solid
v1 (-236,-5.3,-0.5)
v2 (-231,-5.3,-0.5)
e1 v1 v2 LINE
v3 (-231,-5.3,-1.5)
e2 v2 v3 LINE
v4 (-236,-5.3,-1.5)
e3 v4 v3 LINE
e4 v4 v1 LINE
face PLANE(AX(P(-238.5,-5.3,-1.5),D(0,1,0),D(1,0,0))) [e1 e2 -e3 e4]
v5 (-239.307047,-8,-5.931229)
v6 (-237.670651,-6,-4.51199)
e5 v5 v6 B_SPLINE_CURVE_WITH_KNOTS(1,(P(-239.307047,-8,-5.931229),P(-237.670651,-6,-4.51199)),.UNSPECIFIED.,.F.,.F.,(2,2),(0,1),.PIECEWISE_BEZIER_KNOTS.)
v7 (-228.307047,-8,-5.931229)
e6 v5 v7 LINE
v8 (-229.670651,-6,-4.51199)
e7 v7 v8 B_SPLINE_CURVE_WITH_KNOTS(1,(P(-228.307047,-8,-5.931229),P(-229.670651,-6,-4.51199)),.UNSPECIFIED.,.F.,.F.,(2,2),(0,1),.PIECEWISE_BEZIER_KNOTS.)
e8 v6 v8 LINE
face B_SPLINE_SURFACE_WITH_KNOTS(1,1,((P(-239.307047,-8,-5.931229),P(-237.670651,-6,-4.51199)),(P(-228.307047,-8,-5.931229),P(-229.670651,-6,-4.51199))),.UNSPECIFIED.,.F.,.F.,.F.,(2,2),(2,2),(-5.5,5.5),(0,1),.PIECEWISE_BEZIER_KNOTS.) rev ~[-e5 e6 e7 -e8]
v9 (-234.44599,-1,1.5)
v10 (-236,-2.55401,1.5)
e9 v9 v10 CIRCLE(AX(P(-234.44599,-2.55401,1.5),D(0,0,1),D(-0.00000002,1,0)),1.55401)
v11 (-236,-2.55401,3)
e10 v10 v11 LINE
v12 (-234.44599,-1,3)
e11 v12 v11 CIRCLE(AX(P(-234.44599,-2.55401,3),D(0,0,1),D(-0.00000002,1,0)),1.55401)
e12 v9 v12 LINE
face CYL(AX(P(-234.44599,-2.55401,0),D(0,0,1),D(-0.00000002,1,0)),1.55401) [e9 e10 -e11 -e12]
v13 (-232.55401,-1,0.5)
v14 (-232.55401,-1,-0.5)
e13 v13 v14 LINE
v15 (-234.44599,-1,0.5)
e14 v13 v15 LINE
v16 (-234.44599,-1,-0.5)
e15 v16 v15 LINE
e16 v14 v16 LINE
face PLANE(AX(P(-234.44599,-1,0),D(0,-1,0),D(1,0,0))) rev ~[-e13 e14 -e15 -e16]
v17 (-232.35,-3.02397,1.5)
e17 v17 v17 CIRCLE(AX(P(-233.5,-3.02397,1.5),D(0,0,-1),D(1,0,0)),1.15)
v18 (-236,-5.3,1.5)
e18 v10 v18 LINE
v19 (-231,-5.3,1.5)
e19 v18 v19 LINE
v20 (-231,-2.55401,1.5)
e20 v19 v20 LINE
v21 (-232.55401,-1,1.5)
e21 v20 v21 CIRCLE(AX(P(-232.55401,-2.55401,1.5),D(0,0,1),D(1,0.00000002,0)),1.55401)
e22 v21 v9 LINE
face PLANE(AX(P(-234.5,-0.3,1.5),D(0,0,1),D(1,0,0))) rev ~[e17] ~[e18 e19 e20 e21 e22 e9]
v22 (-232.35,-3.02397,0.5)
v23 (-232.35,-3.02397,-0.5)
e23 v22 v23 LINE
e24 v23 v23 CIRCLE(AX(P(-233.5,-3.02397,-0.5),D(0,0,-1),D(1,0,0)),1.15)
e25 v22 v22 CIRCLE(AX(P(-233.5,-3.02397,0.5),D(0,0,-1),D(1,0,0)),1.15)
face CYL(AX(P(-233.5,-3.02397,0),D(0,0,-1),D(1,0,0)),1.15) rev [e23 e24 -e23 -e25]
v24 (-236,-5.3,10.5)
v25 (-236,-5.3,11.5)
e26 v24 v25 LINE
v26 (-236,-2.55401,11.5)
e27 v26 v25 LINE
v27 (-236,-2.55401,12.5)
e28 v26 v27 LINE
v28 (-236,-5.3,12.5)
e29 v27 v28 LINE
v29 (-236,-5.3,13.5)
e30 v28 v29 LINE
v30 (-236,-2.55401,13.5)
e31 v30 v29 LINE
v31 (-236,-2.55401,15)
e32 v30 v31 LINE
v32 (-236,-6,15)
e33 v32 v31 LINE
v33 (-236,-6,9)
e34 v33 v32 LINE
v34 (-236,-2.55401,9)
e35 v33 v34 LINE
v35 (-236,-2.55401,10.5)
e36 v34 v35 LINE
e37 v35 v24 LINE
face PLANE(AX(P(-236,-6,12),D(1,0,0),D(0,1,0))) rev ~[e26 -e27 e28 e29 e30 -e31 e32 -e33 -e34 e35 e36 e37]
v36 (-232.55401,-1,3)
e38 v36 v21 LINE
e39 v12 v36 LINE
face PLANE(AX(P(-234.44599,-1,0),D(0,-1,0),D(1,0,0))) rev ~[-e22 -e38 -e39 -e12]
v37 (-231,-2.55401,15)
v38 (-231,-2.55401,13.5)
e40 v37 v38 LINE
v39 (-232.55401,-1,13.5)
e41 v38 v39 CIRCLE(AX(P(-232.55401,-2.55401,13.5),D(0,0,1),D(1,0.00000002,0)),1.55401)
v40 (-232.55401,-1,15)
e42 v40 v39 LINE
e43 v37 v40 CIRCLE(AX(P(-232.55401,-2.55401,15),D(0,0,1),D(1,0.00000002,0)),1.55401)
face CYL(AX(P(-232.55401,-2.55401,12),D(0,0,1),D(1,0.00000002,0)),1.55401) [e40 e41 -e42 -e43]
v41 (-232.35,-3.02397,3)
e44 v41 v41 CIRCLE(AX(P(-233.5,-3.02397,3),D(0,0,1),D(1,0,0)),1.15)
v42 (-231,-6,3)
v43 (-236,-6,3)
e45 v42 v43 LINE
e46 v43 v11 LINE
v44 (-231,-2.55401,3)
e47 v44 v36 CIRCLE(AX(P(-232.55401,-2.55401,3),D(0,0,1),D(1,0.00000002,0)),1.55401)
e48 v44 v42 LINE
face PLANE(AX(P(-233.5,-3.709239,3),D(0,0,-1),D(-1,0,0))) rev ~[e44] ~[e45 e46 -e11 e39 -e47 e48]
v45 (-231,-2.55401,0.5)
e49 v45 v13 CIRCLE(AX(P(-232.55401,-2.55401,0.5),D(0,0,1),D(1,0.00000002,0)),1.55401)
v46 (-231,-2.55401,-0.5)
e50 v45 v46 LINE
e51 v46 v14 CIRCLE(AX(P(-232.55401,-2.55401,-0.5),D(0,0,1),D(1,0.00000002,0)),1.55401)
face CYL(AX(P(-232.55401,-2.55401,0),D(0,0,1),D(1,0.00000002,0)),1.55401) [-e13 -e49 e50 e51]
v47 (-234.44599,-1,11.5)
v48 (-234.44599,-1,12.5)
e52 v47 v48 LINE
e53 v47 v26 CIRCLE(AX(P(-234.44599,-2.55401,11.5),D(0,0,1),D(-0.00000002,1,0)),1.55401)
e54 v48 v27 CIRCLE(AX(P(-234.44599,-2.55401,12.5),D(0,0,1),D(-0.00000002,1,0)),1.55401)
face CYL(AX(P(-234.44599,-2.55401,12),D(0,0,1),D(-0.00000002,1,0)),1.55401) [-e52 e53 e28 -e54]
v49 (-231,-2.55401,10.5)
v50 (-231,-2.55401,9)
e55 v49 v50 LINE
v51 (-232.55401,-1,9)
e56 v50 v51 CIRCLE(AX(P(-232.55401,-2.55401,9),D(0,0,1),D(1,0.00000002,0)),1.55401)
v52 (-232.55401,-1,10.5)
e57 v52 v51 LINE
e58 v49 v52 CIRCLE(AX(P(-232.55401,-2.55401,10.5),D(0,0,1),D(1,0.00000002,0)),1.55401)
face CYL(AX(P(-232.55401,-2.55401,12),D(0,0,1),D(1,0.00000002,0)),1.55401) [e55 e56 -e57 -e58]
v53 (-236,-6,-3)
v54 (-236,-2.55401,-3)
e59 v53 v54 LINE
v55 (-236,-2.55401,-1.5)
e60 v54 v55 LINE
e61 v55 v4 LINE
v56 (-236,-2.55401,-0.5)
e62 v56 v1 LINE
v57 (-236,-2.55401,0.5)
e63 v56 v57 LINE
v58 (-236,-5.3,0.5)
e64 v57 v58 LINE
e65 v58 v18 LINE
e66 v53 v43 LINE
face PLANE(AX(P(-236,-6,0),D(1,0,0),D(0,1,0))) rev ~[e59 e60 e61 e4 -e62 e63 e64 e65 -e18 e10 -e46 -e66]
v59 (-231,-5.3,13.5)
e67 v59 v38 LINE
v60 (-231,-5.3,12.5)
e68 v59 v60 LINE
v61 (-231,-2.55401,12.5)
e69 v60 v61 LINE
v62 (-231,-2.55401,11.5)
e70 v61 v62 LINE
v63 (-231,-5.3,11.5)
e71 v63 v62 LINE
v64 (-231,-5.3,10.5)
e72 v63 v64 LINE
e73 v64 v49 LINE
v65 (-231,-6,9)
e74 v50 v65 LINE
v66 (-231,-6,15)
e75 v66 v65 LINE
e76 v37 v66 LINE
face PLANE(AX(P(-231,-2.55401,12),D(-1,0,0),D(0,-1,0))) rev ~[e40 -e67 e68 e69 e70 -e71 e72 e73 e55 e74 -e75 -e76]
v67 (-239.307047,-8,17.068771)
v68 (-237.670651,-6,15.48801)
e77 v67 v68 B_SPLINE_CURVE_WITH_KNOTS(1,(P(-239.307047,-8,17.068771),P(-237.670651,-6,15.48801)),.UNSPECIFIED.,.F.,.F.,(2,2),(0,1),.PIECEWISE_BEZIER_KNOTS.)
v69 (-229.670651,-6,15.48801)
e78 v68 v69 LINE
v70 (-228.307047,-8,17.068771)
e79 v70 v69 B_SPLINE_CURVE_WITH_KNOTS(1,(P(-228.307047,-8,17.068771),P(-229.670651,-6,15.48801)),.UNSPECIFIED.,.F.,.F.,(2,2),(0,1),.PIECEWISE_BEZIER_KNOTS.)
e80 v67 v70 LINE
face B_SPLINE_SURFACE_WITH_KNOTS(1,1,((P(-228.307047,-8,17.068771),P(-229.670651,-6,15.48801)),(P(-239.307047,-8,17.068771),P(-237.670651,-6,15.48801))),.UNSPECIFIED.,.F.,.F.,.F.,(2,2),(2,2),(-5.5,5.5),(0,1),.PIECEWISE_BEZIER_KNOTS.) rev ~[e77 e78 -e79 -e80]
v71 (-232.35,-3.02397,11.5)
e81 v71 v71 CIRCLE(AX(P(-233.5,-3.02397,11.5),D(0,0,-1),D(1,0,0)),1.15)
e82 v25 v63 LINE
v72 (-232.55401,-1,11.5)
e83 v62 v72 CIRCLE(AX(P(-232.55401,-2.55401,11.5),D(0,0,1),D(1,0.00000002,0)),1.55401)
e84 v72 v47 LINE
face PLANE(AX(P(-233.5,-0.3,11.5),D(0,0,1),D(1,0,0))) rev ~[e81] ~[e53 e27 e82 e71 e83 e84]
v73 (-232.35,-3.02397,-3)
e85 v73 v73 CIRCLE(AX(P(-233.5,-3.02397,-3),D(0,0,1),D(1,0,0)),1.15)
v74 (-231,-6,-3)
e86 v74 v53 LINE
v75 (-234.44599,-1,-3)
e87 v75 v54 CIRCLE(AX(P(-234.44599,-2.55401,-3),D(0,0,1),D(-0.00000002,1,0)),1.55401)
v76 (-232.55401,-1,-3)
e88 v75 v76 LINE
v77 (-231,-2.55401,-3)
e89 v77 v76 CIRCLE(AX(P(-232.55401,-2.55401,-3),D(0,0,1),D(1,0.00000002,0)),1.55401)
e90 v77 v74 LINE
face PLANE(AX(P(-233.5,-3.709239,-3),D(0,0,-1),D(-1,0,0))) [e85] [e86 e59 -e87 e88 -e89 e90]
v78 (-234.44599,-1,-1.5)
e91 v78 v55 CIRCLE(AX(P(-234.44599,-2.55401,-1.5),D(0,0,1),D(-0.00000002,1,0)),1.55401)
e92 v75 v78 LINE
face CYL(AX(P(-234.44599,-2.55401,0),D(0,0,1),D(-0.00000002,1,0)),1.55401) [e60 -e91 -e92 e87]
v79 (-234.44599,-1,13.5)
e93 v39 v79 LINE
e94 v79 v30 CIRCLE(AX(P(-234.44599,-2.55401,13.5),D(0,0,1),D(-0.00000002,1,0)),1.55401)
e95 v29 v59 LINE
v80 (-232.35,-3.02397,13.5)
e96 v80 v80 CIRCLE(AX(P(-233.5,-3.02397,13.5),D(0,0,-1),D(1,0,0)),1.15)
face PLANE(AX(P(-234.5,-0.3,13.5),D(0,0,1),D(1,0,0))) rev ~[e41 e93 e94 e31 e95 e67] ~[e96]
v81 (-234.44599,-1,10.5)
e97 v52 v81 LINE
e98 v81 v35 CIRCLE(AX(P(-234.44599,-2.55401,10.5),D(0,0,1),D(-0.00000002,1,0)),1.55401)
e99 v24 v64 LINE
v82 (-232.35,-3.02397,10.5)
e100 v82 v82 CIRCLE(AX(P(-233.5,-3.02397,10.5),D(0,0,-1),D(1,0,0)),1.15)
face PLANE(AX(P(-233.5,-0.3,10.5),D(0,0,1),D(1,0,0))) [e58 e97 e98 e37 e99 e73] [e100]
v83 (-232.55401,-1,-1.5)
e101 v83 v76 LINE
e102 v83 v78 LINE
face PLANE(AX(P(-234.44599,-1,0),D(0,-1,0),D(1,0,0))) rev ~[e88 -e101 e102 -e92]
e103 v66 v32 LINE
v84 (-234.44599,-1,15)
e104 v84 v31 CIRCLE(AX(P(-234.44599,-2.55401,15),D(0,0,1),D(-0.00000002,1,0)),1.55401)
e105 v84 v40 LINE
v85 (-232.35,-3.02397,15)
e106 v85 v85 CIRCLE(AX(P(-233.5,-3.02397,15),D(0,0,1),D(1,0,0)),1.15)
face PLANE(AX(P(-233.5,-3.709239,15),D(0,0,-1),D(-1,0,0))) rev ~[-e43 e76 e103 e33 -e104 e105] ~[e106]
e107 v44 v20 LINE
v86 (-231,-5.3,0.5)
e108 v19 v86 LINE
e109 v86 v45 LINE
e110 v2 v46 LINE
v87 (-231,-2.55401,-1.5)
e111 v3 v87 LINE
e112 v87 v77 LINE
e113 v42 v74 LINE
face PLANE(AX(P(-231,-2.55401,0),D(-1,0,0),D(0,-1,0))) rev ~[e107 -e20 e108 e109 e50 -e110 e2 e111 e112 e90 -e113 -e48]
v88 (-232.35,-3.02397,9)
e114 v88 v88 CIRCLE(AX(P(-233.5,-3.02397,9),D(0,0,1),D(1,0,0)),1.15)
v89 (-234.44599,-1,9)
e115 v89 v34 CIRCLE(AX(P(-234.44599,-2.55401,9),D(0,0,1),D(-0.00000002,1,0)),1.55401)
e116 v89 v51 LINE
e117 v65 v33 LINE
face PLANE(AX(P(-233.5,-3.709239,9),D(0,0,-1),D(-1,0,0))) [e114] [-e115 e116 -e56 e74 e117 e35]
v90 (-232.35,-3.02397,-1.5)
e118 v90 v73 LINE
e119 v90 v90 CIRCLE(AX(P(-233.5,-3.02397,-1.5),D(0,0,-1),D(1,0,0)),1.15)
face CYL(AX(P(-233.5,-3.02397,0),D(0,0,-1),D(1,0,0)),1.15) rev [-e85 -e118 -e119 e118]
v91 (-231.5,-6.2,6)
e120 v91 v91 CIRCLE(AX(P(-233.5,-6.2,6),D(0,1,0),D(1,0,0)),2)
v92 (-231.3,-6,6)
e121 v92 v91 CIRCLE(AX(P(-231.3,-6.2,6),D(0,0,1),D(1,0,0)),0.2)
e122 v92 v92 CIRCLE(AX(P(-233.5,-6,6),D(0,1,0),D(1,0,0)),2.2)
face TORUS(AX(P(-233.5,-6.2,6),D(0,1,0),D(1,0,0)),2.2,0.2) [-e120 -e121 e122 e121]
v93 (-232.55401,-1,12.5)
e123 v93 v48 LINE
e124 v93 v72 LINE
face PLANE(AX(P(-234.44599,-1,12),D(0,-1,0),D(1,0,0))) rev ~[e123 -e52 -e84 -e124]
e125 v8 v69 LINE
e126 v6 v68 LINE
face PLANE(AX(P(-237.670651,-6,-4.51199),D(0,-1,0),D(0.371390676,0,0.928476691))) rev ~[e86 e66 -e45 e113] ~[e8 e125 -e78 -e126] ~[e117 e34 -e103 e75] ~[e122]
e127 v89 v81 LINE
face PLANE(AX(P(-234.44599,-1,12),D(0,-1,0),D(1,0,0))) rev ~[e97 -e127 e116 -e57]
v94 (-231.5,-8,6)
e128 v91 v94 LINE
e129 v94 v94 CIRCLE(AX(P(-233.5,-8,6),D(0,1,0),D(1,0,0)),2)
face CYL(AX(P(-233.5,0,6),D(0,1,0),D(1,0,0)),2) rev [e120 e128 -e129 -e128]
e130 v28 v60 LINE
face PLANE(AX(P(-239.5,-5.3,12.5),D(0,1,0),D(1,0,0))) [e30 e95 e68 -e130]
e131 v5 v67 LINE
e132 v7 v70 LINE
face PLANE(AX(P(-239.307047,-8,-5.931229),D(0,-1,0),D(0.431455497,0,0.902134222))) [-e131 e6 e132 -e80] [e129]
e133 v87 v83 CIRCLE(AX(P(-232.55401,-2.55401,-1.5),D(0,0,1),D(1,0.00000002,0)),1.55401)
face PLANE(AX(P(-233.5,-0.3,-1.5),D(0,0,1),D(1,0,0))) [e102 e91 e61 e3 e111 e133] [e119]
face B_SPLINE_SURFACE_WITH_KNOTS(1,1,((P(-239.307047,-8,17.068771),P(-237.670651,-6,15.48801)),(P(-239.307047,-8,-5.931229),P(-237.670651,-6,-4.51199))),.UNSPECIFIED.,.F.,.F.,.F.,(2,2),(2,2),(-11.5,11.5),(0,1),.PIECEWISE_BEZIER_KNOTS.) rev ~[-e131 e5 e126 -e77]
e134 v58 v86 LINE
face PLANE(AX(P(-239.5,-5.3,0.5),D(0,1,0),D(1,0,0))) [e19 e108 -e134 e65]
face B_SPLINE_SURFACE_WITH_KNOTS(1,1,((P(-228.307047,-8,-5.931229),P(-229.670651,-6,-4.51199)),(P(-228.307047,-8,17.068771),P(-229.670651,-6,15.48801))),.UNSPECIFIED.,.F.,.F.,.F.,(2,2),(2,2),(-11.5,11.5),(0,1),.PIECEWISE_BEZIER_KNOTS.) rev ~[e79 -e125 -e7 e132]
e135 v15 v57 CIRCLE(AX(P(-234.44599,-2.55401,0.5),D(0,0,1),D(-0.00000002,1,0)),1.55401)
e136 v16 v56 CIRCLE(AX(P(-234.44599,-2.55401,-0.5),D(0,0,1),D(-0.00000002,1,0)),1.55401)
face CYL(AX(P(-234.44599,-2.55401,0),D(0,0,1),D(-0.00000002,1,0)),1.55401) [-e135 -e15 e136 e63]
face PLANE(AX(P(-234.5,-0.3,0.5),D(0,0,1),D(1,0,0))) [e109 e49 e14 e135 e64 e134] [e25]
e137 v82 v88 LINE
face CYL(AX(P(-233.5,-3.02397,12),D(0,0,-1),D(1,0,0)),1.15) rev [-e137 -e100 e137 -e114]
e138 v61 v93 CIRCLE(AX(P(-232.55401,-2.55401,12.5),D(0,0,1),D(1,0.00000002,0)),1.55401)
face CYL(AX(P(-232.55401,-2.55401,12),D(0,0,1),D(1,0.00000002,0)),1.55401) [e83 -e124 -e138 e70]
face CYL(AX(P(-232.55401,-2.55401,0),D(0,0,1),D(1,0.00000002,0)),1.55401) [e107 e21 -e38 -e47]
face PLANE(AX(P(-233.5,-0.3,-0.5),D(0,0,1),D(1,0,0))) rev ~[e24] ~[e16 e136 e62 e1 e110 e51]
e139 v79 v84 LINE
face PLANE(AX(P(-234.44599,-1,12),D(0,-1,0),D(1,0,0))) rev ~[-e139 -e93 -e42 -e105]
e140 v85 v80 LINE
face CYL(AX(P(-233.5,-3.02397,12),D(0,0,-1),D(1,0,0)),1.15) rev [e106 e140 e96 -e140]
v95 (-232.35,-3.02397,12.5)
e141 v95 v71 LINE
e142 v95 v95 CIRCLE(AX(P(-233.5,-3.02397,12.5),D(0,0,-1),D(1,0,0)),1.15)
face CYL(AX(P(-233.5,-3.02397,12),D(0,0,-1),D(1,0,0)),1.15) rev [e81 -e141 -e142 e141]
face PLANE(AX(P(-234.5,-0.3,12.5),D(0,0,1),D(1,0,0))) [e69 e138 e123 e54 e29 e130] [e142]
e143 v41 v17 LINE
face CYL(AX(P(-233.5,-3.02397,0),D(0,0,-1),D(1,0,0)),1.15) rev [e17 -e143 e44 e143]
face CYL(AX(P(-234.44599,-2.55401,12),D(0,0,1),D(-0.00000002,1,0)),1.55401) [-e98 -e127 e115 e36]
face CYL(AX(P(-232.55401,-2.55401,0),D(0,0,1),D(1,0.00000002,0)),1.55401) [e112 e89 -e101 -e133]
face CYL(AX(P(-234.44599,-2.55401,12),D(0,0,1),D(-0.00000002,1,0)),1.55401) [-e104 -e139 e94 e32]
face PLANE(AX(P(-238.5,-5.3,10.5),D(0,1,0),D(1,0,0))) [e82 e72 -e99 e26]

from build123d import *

# Parameters (mm, degrees)
CYLINDER_R          = 2
CYLINDER_DEPTH      = 10
CYLINDER_ROLL_ANGLE = 90
BOX004_W            = 10
BOX004_H            = 10
BOX004_DEPTH        = 1
BOX002_W            = 10
BOX002_H            = 10
BOX002_DEPTH        = 1
SKETCH003_R         = 1.15
PAD_DEPTH           = 3
BOX375_W            = 10
BOX375_H            = 10
BOX375_DEPTH        = 1
BOX374_W            = 10
BOX374_H            = 10
BOX374_DEPTH        = 1
SKETCH015_R         = 1.15
PAD001_DEPTH        = 3
SKETCH018_W         = 11
SKETCH018_H         = 23
SKETCH017_W         = 8
SKETCH017_H         = 20
FILLET_R            = 0.2


with BuildPart() as cilindro:
    # Cylinder → Cylinder (new body)
    with BuildSketch(Plane.XY):
        Circle(CYLINDER_R)
    extrude(amount=CYLINDER_DEPTH)


with BuildPart() as cilindro_1:
    # Cylinder roll: moved
    add(cilindro.part.rotate(Axis((0, 0, 0), (1, 0, 0)), CYLINDER_ROLL_ANGLE))


with BuildPart() as cilindro_2:
    # Cylinder placement: moved
    add(cilindro_1.part.moved(Location((-233.5, 0, 6))))


with BuildPart() as cubo004:
    # Box004 → Box004 (new body)
    with BuildSketch(Plane(origin=(-6, 0.7, 0.5), x_dir=(1, 0, 0), z_dir=(0, 0, 1))):
        with Locations((5, 5)):
            Rectangle(BOX004_W, BOX004_H)
    extrude(amount=BOX004_DEPTH)


with BuildPart() as cubo002:
    # Box002 → Box002 (new body)
    with BuildSketch(Plane(origin=(-5, 0.7, -1.5), x_dir=(1, 0, 0), z_dir=(0, 0, 1))):
        with Locations((5, 5)):
            Rectangle(BOX002_W, BOX002_H)
    extrude(amount=BOX002_DEPTH)


with BuildPart() as pivote_piso:
    # Sketch003 → Pad (new body, symmetric)
    with BuildSketch(Plane.XY):
        with BuildLine():
            Line((-0.94599, 5), (0.94599, 5))
            ThreePointArc((2.5, 3.44599), (2.044841, 4.544841), (0.94599, 5))
            Line((2.5, 3.44599), (2.5, 0))
            Line((2.5, 0), (-2.5, 0))
            Line((-2.5, 0), (-2.5, 3.44599))
            ThreePointArc((-0.94599, 5), (-2.044841, 4.544841), (-2.5, 3.44599))
        make_face()
        with Locations((0, 2.97603)):
            Circle(SKETCH003_R, mode=Mode.SUBTRACT)
    extrude(amount=PAD_DEPTH, both=True)

    # Cut004: cut Cubo002
    add(cubo002.part, mode=Mode.SUBTRACT)

    # Cut005: cut Cubo004
    add(cubo004.part, mode=Mode.SUBTRACT)


with BuildPart() as pivote_piso_1:
    # Cut005 placement: moved
    add(pivote_piso.part.moved(Location((-233.5, -6, 0))))


with BuildPart() as cubo374:
    # Box375 → Box375 (new body)
    with BuildSketch(Plane(origin=(-6, 0.7, 0.5), x_dir=(1, 0, 0), z_dir=(0, 0, 1))):
        with Locations((5, 5)):
            Rectangle(BOX375_W, BOX375_H)
    extrude(amount=BOX375_DEPTH)


with BuildPart() as cubo373:
    # Box374 → Box374 (new body)
    with BuildSketch(Plane(origin=(-5, 0.7, -1.5), x_dir=(1, 0, 0), z_dir=(0, 0, 1))):
        with Locations((5, 5)):
            Rectangle(BOX374_W, BOX374_H)
    extrude(amount=BOX374_DEPTH)


with BuildPart() as pivote_piso001:
    # Sketch015 → Pad001 (new body, symmetric)
    with BuildSketch(Plane.XY):
        with BuildLine():
            Line((-0.94599, 5), (0.94599, 5))
            ThreePointArc((2.5, 3.44599), (2.044841, 4.544841), (0.94599, 5))
            Line((2.5, 3.44599), (2.5, 0))
            Line((2.5, 0), (-2.5, 0))
            Line((-2.5, 0), (-2.5, 3.44599))
            ThreePointArc((-0.94599, 5), (-2.044841, 4.544841), (-2.5, 3.44599))
        make_face()
        with Locations((0, 2.97603)):
            Circle(SKETCH015_R, mode=Mode.SUBTRACT)
    extrude(amount=PAD001_DEPTH, both=True)

    # Cut103: cut Cubo373
    add(cubo373.part, mode=Mode.SUBTRACT)

    # Cut104: cut Cubo374
    add(cubo374.part, mode=Mode.SUBTRACT)


with BuildPart() as pivote_piso001_1:
    # Cut104 placement: moved
    add(pivote_piso001.part.moved(Location((-233.5, -6, 12))))


with BuildPart() as base_cabriada:
    # Sketch018 → Loft section 0
    with BuildSketch(Plane(origin=(0, -9, -0.5), x_dir=(1, 0, 0), z_dir=(0, -1, 0))):
        with Locations((-234.807047, 6.068771)):
            Rectangle(SKETCH018_W, SKETCH018_H)
    # Sketch017 → Loft section 1
    with BuildSketch(Plane.XZ.offset(7)):
        with Locations((-234.670651, 5.48801)):
            Rectangle(SKETCH017_W, SKETCH017_H)
    loft()


with BuildPart() as base_cabriada_1:
    # Loft placement: moved
    add(base_cabriada.part.moved(Location((1, 1, 0))))

    # Fusion067: union Pivote Piso, Pivote Piso001
    add(pivote_piso_1.part)
    add(pivote_piso001_1.part)

    # Cut105: cut Cilindro
    add(cilindro_2.part, mode=Mode.SUBTRACT)

    # Fillet
    fillet_edges = [base_cabriada_1.edges().sort_by_distance(p)[0] for p in [
        (-235.5, -6, 6),
    ]]
    fillet(fillet_edges, radius=FILLET_R)


solid = base_cabriada_1.part
